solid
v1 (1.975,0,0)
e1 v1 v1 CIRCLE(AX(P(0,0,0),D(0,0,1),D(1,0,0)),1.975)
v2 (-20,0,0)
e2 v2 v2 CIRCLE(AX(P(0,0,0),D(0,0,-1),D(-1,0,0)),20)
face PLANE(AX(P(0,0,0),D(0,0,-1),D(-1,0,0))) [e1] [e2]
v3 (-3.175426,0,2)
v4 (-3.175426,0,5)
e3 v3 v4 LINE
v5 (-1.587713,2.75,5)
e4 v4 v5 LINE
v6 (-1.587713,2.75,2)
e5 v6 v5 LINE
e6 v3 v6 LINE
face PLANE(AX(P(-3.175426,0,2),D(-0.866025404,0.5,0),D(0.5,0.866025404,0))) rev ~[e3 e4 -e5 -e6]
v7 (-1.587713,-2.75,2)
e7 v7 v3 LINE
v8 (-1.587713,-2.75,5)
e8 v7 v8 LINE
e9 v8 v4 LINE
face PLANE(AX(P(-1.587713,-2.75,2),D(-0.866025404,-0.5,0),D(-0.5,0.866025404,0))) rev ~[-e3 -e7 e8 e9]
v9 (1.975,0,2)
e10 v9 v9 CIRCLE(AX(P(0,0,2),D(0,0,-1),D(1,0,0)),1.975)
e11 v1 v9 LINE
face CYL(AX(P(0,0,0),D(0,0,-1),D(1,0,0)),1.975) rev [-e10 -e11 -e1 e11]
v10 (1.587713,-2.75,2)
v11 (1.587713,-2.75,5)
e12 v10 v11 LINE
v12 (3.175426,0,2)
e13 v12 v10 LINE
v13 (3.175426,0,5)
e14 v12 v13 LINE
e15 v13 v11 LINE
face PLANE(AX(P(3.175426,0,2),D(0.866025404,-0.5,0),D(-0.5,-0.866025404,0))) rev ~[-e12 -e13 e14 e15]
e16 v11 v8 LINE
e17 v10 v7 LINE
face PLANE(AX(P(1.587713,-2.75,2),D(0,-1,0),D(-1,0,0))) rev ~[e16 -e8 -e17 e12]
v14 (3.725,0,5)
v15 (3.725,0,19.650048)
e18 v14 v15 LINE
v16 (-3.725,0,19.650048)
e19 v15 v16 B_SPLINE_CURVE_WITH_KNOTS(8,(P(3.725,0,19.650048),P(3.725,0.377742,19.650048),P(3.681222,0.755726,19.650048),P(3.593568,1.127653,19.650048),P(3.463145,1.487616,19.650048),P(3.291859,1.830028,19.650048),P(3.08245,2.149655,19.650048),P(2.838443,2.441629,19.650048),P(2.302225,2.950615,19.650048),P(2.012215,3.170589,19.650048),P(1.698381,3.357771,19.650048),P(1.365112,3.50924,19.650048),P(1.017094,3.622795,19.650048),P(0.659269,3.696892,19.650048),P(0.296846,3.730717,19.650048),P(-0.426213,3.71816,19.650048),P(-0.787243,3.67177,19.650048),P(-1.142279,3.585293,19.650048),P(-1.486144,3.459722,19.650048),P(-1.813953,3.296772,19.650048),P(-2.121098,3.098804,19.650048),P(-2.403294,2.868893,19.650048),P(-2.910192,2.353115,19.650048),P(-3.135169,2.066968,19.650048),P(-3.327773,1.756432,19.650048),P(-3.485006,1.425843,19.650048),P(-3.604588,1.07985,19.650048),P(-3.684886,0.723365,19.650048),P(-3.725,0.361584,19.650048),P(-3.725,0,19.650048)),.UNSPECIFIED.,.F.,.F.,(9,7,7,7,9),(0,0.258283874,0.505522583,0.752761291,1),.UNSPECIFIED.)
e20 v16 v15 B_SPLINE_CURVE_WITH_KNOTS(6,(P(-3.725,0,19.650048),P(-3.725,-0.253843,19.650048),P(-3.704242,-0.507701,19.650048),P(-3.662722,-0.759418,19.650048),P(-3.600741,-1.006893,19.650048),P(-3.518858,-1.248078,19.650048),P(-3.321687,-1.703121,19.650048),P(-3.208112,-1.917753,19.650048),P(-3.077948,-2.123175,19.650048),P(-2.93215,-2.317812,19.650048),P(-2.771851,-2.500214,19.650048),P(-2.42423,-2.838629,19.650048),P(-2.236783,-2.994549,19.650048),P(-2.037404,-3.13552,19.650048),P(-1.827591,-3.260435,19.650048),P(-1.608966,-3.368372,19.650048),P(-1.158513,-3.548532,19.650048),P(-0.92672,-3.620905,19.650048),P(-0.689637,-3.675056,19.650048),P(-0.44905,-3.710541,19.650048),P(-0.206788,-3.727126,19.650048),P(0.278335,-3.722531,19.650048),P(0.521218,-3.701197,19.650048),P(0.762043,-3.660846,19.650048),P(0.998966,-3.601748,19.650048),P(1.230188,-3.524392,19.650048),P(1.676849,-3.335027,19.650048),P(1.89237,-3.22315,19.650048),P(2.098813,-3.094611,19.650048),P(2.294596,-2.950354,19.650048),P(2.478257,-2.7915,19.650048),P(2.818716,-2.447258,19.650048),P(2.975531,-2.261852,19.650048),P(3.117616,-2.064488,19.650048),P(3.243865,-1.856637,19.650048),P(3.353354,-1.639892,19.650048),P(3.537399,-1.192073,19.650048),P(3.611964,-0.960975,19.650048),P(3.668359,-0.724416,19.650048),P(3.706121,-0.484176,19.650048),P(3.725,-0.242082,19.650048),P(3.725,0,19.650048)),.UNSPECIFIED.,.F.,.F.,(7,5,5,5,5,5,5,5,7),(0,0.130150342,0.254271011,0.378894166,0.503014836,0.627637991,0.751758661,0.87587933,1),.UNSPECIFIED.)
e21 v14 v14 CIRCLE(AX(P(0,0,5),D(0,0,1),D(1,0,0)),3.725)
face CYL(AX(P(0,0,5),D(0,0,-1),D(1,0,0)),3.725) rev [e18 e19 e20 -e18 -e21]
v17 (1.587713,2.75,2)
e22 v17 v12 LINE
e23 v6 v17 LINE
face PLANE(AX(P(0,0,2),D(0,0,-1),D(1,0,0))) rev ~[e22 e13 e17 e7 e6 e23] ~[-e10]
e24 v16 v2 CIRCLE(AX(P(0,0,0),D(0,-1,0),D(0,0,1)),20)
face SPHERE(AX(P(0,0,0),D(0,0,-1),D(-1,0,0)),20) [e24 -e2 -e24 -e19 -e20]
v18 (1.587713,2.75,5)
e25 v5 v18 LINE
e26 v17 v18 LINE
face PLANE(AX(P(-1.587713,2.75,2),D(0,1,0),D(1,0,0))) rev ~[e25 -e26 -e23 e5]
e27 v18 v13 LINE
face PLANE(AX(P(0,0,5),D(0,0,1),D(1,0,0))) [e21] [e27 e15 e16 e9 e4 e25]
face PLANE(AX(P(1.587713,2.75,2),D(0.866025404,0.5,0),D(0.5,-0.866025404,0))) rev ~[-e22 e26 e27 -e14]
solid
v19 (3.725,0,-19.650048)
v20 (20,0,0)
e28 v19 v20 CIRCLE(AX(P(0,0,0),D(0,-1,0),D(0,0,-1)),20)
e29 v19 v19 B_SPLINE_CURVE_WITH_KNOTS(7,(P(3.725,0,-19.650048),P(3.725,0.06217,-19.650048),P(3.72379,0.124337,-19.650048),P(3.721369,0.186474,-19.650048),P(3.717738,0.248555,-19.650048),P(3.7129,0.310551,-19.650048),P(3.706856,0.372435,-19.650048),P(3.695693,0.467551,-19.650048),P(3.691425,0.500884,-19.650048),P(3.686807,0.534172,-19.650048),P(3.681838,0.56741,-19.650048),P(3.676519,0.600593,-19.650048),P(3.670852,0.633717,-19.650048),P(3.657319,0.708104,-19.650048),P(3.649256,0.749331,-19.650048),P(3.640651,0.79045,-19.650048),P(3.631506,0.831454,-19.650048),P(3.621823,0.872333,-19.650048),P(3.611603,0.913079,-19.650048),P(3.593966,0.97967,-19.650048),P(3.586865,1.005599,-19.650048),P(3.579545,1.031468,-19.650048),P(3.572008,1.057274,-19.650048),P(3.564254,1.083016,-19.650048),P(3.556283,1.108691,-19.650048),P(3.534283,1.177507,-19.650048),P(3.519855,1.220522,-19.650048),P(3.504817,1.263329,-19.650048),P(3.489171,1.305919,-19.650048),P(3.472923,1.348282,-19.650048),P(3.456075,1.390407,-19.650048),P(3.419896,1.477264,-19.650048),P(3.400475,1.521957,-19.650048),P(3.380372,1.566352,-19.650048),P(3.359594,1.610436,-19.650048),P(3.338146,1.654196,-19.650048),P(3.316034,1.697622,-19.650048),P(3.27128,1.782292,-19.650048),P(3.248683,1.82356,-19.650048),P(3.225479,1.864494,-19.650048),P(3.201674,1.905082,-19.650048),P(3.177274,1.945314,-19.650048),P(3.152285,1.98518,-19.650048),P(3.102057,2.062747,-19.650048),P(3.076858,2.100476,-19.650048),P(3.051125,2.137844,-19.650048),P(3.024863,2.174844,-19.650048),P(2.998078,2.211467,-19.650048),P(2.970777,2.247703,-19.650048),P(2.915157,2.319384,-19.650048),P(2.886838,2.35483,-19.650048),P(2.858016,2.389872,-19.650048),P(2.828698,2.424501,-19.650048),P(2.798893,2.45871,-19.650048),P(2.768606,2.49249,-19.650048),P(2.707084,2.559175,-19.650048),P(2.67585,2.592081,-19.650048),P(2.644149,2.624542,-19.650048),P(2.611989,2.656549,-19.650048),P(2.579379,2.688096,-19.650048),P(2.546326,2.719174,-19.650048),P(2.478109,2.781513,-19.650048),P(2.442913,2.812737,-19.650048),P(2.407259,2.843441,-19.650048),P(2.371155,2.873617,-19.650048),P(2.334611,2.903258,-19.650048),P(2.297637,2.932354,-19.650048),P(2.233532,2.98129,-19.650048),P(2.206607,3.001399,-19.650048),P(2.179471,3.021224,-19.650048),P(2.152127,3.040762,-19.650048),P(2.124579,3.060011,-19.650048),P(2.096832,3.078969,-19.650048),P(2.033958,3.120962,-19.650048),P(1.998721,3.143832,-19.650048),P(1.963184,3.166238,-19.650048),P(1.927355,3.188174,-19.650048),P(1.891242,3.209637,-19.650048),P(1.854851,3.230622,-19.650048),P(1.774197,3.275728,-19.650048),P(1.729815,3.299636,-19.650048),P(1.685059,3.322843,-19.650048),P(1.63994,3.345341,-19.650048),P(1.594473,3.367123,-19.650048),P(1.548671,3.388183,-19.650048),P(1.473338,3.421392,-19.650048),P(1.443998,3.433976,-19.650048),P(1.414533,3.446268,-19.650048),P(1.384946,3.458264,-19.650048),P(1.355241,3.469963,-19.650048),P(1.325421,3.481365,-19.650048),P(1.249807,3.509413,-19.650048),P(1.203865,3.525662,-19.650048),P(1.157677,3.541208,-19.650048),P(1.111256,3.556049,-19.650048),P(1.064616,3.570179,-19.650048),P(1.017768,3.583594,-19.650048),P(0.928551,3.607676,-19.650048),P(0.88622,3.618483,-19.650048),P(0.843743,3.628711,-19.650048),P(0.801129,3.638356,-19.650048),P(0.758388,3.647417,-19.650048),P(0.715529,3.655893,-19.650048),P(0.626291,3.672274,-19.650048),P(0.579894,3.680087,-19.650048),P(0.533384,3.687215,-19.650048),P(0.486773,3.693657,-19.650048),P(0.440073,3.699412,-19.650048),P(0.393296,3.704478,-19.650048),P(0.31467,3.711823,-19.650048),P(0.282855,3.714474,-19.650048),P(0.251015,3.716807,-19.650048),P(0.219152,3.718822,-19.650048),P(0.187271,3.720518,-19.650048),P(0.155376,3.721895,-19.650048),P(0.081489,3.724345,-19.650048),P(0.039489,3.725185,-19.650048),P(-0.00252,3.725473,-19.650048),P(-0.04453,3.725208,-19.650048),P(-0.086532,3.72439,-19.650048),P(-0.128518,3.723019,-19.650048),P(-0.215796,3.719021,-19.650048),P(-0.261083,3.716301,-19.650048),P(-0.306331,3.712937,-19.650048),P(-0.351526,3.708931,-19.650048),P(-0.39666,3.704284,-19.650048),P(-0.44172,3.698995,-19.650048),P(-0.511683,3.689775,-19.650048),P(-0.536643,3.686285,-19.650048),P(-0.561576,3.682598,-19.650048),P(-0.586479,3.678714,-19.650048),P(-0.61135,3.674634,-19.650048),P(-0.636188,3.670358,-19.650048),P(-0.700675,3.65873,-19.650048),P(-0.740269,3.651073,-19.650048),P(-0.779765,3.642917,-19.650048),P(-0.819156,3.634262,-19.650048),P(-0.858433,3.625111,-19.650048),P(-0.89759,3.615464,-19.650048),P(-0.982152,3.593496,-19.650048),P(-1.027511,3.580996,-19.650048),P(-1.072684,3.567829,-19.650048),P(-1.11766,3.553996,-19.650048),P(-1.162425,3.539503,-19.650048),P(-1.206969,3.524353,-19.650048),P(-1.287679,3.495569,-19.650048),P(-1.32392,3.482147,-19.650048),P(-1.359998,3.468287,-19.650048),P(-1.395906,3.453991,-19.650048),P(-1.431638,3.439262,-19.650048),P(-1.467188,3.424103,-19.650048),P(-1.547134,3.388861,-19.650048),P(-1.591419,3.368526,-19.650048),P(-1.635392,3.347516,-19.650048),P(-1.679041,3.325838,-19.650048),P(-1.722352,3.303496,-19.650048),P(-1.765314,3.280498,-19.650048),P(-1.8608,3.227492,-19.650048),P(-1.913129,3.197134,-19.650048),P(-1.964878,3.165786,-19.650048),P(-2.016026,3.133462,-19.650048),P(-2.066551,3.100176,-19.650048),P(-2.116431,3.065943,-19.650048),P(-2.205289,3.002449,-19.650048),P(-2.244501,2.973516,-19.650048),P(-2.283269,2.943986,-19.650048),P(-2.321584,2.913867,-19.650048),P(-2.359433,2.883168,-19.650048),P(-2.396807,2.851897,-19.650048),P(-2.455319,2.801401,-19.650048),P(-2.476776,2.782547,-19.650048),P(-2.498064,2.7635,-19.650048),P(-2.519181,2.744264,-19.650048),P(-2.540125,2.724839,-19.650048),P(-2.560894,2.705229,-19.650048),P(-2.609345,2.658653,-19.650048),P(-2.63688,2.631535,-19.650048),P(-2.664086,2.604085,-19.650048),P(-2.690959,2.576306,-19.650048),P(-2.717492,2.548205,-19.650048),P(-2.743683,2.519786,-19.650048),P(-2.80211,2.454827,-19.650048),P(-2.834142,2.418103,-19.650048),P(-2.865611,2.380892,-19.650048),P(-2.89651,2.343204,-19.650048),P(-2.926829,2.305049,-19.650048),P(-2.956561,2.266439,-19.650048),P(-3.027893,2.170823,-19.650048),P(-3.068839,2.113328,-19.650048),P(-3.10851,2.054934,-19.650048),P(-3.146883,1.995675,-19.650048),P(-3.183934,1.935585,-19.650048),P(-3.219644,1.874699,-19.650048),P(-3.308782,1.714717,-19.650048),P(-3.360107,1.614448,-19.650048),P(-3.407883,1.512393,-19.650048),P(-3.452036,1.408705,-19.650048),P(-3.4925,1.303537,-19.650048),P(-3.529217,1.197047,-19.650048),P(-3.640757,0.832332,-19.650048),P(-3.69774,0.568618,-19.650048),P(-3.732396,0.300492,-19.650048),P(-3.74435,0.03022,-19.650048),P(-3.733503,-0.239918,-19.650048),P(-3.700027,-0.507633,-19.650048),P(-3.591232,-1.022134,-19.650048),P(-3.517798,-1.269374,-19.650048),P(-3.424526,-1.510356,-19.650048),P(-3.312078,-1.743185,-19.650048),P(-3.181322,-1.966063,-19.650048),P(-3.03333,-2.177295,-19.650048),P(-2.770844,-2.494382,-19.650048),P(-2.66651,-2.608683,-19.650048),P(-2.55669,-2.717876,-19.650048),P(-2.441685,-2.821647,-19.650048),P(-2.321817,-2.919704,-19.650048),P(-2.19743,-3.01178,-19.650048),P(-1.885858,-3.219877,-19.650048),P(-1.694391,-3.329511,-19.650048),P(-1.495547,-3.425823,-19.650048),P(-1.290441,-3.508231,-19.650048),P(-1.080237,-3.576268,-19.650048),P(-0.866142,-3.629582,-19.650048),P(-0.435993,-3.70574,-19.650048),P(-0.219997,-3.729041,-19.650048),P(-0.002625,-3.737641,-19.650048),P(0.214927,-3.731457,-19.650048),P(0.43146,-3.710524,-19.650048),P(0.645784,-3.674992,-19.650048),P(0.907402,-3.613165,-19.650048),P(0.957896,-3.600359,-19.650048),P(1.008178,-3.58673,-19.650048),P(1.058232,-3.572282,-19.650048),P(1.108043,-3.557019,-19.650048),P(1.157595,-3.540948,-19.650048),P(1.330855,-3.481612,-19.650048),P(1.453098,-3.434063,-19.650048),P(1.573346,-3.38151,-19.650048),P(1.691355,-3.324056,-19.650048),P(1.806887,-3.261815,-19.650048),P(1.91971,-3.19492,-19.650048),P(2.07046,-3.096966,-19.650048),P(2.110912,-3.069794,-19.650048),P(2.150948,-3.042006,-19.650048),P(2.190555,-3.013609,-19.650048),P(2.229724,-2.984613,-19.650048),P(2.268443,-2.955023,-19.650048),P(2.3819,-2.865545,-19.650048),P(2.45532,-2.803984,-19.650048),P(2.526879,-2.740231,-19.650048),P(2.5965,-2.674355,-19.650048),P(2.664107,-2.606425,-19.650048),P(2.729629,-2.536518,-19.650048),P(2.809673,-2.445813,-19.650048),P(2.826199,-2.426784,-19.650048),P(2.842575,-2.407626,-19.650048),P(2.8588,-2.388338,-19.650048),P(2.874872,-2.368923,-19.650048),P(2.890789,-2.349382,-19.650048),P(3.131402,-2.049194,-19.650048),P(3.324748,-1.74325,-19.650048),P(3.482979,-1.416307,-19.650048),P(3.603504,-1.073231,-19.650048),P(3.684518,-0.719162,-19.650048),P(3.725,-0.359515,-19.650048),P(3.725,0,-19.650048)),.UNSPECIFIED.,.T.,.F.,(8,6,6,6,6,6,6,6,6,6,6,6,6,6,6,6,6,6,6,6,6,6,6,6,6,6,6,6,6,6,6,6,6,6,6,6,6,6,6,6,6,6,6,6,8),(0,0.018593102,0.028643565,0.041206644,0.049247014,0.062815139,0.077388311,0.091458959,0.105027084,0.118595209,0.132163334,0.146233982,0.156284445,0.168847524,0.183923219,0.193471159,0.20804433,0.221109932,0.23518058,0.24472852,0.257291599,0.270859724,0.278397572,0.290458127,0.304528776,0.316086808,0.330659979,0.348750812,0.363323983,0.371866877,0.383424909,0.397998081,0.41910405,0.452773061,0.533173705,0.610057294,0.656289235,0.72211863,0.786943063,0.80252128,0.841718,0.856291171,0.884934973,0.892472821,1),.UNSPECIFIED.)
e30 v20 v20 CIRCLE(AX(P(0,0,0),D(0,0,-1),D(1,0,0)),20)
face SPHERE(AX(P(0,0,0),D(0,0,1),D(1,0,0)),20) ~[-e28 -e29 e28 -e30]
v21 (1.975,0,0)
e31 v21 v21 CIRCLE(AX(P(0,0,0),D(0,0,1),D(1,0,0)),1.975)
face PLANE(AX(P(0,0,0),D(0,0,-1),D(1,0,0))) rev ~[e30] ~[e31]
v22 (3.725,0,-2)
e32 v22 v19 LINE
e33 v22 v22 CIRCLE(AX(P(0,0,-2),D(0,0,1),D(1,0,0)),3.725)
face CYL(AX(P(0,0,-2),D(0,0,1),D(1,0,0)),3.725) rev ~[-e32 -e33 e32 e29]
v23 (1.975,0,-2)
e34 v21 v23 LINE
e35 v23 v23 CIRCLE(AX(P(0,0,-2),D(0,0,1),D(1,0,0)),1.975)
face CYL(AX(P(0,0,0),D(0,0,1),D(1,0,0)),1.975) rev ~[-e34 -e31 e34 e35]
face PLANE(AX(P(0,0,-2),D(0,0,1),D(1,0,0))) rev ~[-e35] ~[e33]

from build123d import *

# Parameters (mm, degrees)
F4_START      = -2
F4_DEPTH      = 23
F6_START      = -2
F5_R          = 3.725
F6_DEPTH      = 23
F7_R          = 1.975
F8_DEPTH      = 25
F8_DEPTH_BACK = 25
F9_START      = 5
F9_DEPTH      = 29.2


with BuildPart() as f1:
    # F0 (on Front) → F1 (revolve)
    with BuildSketch(Plane.XZ):
        with BuildLine():
            Line((0, 0), (0, 20))
            ThreePointArc((0, 20), (-14.1421356237, 14.1421356237), (-20, 0))
            Line((-20, 0), (0, 0))
        make_face()
    revolve(axis=Axis((0, 0, 0), (0, 0, -1)))

    # F3 (on face) → F4 (cut)
    with BuildSketch(Plane(origin=(0, 0, 0), x_dir=(1, 0, 0), z_dir=(0, 0, -1)).offset(F4_START)):
        Polygon((1.5877132403, 2.75), (-1.5877132403, 2.75), (-3.1754264805, 0), (-1.5877132403, -2.75), (1.5877132403, -2.75), (3.1754264805, 0), align=None)
    extrude(amount=-F4_DEPTH, mode=Mode.SUBTRACT)


with BuildPart() as f2:
    # F0 (on Front) → F2 (revolve)
    with BuildSketch(Plane.XZ):
        with BuildLine():
            ThreePointArc((0, -20), (14.1421356237, -14.1421356237), (20, 0))
            Line((20, 0), (0, 0))
            Line((0, 0), (0, -20))
        make_face()
    revolve(axis=Axis((0, 0, 0), (0, 0, -1)))

    # F5 (on face) → F6 (cut)
    with BuildSketch(Plane.XY.offset(F6_START)):
        Circle(F5_R)
    extrude(amount=-F6_DEPTH, mode=Mode.SUBTRACT)


with BuildPart() as f8_tool:
    # F7 (on Top) → F8 (new body, two sides)
    with BuildSketch(Plane.XY) as f8_sk:
        Circle(F7_R)
    extrude(amount=-F8_DEPTH)
    extrude(f8_sk.sketch, amount=F8_DEPTH_BACK)


with BuildPart() as f1_1:
    add(f1.part)

    # F8: cut by f8_tool
    add(f8_tool.part, mode=Mode.SUBTRACT)

    # F5 (on face) → F9 (cut)
    with BuildSketch(Plane.XY.offset(F9_START)):
        Circle(F5_R)
    extrude(amount=F9_DEPTH, mode=Mode.SUBTRACT)


with BuildPart() as f2_1:
    add(f2.part)

    # F8: cut by f8_tool
    add(f8_tool.part, mode=Mode.SUBTRACT)


solid = Compound([f1_1.part, f2_1.part])
